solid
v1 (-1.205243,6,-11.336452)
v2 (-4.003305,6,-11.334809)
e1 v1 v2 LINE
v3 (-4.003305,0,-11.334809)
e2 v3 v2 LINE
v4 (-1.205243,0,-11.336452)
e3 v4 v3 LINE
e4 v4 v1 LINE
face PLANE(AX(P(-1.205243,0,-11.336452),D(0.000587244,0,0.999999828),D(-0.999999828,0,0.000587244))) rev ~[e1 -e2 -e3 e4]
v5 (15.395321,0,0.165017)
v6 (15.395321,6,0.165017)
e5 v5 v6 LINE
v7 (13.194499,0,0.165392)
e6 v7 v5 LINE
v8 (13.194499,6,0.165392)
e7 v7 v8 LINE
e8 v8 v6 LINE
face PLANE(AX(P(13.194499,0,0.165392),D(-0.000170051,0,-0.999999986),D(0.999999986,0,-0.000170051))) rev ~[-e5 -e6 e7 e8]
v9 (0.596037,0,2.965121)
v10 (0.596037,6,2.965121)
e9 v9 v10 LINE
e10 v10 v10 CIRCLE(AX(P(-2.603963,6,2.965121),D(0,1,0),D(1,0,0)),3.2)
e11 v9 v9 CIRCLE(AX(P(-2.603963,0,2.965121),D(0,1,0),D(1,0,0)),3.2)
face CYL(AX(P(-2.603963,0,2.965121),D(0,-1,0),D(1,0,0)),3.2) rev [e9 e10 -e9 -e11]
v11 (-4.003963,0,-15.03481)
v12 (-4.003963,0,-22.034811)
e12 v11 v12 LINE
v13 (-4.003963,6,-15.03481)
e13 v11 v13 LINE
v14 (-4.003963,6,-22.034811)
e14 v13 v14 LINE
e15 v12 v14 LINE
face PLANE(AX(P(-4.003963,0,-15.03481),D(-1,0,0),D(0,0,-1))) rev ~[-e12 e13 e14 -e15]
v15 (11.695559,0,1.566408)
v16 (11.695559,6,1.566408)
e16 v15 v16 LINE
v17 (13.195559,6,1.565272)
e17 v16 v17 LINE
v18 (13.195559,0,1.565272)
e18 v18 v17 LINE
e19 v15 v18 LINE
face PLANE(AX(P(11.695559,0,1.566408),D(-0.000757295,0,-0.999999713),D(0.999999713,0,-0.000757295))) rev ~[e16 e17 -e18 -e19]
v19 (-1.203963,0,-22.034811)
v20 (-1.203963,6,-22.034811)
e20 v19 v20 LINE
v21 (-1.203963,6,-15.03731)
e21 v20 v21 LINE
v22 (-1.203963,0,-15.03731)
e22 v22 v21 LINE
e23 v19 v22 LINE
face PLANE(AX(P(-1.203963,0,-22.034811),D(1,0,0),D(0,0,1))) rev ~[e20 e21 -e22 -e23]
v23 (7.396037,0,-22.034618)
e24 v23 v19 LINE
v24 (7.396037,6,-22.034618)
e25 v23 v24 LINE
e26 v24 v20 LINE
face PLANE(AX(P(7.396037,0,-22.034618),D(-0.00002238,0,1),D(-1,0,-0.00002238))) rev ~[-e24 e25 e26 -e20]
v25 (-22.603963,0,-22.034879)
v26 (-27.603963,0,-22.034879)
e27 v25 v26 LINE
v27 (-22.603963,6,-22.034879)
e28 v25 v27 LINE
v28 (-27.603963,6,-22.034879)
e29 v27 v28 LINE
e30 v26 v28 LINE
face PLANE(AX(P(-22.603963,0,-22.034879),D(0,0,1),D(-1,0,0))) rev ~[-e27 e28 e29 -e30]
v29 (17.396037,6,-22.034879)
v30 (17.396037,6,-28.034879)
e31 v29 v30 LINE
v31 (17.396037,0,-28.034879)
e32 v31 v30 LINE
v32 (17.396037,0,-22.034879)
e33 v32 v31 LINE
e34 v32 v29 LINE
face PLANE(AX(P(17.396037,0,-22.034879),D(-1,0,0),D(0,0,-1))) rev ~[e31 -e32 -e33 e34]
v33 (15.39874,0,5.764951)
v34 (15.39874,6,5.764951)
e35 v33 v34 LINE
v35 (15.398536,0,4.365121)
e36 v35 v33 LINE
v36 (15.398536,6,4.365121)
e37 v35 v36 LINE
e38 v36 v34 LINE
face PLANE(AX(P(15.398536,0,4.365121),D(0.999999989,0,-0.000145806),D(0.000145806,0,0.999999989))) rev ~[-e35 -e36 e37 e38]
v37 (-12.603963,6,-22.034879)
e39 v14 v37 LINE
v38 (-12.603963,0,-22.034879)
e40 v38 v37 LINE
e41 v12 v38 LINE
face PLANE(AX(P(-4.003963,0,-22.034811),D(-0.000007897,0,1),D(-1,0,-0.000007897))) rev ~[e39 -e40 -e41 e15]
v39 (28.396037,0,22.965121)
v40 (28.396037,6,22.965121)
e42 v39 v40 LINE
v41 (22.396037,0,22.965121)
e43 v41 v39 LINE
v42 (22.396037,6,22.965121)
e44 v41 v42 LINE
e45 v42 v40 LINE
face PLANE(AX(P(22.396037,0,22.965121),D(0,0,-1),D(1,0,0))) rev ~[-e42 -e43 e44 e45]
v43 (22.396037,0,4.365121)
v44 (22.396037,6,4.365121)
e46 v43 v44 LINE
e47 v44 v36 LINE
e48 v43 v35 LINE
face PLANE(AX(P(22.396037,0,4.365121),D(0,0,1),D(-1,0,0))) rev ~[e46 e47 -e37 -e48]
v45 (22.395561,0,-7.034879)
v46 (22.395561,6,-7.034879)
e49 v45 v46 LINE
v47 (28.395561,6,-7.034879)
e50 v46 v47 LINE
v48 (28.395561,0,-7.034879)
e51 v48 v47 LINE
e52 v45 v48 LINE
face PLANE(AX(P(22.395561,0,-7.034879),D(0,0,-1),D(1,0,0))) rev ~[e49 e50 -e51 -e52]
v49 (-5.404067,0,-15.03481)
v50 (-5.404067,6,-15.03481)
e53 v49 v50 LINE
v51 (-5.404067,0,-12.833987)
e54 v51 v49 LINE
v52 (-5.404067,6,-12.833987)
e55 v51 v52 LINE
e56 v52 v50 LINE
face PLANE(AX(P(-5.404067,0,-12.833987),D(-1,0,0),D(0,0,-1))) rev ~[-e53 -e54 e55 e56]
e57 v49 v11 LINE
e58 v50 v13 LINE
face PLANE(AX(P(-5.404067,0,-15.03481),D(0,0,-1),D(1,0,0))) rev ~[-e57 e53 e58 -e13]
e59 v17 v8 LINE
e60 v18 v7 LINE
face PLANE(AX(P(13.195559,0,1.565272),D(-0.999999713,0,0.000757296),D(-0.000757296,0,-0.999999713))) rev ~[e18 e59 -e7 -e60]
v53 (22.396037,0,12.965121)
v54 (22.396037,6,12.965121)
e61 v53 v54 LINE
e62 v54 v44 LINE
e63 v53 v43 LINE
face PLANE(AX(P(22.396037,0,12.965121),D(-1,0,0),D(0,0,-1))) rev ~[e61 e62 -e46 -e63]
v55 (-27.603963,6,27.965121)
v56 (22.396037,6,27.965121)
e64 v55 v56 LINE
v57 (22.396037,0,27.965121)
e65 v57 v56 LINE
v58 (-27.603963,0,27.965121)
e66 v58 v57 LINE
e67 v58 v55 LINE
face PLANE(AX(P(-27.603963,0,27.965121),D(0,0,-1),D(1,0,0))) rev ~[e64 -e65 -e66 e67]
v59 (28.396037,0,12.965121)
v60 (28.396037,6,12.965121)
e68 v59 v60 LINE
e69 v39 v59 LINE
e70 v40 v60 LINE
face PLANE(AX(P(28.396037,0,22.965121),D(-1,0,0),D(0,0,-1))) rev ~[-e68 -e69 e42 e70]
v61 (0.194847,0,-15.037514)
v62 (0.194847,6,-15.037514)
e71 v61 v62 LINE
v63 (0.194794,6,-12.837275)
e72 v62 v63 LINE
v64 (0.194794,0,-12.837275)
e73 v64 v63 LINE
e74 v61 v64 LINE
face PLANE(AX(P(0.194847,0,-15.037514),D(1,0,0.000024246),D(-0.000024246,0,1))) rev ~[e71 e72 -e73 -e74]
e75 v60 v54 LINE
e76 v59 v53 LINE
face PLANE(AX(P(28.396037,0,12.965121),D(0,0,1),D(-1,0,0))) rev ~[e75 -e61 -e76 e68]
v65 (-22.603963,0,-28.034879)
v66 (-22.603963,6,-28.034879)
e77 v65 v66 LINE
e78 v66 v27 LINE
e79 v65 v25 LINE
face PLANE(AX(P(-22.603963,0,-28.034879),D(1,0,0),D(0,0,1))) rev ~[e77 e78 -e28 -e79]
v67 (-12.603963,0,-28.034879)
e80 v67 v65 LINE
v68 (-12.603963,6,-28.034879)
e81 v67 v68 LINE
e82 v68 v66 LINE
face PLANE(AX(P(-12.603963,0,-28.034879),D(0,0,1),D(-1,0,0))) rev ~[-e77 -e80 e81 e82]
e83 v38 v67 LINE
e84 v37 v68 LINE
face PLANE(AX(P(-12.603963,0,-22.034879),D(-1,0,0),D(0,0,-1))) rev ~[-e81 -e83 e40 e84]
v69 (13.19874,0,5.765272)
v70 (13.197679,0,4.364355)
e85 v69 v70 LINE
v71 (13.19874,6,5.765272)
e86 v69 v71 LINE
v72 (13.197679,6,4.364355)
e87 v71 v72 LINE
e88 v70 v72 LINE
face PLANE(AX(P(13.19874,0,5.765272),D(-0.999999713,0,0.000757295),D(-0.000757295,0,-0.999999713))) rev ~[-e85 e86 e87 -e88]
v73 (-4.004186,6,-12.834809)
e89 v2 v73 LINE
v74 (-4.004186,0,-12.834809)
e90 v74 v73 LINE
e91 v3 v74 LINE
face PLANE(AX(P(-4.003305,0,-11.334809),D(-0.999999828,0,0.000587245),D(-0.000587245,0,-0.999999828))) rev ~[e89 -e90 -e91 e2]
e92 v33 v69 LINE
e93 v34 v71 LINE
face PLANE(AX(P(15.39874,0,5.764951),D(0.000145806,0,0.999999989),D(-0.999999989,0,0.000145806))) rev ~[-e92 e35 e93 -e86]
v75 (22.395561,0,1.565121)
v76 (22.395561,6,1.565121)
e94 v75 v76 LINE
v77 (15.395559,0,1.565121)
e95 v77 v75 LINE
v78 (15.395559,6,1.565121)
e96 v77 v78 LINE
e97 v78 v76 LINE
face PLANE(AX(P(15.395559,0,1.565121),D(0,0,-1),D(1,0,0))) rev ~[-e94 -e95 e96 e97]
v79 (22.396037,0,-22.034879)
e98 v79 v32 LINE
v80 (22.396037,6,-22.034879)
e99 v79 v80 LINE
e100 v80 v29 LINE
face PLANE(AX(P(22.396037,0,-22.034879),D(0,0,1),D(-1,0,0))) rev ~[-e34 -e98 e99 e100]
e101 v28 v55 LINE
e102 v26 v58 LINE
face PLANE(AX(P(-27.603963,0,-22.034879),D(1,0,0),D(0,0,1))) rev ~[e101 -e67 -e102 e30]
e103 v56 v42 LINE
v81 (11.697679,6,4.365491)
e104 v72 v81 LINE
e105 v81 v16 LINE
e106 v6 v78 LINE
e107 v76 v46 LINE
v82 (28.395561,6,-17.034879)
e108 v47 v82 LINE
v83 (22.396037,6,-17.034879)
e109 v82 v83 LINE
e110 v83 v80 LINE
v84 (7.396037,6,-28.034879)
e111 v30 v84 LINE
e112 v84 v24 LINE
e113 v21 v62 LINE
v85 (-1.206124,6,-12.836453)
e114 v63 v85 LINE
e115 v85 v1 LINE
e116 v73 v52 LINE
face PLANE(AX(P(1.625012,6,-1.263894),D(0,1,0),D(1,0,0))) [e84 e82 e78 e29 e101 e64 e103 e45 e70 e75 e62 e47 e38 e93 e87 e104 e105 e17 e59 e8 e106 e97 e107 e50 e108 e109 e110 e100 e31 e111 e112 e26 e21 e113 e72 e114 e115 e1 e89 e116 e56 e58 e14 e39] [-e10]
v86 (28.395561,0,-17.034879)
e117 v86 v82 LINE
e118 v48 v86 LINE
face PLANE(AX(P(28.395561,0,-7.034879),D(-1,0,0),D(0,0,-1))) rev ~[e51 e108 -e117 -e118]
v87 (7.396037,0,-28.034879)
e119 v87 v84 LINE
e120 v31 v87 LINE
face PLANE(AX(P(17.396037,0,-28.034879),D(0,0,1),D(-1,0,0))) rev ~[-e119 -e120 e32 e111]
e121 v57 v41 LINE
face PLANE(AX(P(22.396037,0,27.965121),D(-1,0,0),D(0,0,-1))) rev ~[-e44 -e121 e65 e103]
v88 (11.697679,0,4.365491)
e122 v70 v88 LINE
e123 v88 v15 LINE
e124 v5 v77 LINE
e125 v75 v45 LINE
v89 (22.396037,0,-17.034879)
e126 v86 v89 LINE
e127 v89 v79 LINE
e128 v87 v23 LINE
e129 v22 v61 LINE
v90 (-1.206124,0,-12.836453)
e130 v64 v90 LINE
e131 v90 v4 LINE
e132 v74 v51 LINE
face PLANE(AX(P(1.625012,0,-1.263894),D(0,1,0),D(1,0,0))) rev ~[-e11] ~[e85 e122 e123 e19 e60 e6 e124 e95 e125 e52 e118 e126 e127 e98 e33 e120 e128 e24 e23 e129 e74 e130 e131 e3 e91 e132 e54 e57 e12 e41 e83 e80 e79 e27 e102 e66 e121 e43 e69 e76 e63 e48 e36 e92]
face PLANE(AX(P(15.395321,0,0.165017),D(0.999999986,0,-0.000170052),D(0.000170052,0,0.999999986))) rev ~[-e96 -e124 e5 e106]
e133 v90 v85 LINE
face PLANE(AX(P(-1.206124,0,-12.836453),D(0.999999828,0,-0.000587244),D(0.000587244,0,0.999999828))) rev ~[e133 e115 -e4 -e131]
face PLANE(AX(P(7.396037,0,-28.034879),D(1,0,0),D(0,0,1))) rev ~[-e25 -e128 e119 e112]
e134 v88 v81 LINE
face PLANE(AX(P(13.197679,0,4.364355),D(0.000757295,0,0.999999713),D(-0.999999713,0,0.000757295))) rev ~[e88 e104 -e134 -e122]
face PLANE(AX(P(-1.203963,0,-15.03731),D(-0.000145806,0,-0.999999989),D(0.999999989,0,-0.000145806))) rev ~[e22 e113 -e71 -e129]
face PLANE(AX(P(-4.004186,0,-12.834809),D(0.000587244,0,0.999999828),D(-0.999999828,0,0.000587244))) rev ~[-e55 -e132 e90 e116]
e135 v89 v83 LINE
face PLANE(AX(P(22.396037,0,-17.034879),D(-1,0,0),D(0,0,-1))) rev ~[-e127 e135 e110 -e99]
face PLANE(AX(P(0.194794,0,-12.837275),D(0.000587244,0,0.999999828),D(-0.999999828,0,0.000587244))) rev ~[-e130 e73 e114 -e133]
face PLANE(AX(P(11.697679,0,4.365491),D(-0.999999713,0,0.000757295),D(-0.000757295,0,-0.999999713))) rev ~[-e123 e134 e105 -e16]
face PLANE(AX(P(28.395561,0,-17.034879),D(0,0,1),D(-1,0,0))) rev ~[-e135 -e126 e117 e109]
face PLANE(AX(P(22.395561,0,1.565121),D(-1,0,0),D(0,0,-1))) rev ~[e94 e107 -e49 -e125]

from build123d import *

# Parameters (mm, degrees)
SKETCH_1_R      = 3.2
EXTRUDE_1_DEPTH = 6


with BuildPart() as part:
    # Эскиз1 → Бобышка-Вытянуть1 (new body)
    with BuildSketch(Plane(origin=(0, 0, 0), x_dir=(1, 0, 0), z_dir=(0, 1, 0))):
        Polygon((-27.603963146, 22.034878671), (-27.603963146, -27.965121329), (22.396036854, -27.965121329), (22.396036854, -22.965121329), (28.396036854, -22.965121329), (28.396036854, -12.965121329), (22.396036854, -12.965121329), (22.396036854, -4.365121329), (15.398535816, -4.365121329), (15.398739919, -5.764951191), (13.198739556, -5.765271964), (13.197678648, -4.364354869), (11.697679078, -4.365490812), (11.695559345, -1.566408326), (13.195558915, -1.565272383), (13.194498791, -0.165391578), (15.395321341, -0.165017325), (15.395559431, -1.565121329), (22.395560638, -1.565121329), (22.395560638, 7.034878671), (28.395560638, 7.034878671), (28.395560638, 17.034878671), (22.396036854, 17.034878671), (22.396036854, 22.034878671), (17.396036854, 22.034878671), (17.396036854, 28.034878671), (7.396036854, 28.034878671), (7.396036854, 22.034618289), (-1.203963146, 22.034810758), (-1.203963146, 15.03730972), (0.194846925, 15.037513675), (0.194793578, 12.837275467), (-1.206123677, 12.836452786), (-1.20524281, 11.336452446), (-4.003305339, 11.334809299), (-4.004186206, 12.834809041), (-5.40406717, 12.833986969), (-5.40406717, 15.034809551), (-4.003963146, 15.034809551), (-4.003963146, 22.034810758), (-12.603963146, 22.034878671), (-12.603963146, 28.034878671), (-22.603963146, 28.034878671), (-22.603963146, 22.034878671), align=None)
        with Locations((-2.603963146, -2.965121329)):
            Circle(SKETCH_1_R, mode=Mode.SUBTRACT)
    extrude(amount=EXTRUDE_1_DEPTH)


solid = part.part
